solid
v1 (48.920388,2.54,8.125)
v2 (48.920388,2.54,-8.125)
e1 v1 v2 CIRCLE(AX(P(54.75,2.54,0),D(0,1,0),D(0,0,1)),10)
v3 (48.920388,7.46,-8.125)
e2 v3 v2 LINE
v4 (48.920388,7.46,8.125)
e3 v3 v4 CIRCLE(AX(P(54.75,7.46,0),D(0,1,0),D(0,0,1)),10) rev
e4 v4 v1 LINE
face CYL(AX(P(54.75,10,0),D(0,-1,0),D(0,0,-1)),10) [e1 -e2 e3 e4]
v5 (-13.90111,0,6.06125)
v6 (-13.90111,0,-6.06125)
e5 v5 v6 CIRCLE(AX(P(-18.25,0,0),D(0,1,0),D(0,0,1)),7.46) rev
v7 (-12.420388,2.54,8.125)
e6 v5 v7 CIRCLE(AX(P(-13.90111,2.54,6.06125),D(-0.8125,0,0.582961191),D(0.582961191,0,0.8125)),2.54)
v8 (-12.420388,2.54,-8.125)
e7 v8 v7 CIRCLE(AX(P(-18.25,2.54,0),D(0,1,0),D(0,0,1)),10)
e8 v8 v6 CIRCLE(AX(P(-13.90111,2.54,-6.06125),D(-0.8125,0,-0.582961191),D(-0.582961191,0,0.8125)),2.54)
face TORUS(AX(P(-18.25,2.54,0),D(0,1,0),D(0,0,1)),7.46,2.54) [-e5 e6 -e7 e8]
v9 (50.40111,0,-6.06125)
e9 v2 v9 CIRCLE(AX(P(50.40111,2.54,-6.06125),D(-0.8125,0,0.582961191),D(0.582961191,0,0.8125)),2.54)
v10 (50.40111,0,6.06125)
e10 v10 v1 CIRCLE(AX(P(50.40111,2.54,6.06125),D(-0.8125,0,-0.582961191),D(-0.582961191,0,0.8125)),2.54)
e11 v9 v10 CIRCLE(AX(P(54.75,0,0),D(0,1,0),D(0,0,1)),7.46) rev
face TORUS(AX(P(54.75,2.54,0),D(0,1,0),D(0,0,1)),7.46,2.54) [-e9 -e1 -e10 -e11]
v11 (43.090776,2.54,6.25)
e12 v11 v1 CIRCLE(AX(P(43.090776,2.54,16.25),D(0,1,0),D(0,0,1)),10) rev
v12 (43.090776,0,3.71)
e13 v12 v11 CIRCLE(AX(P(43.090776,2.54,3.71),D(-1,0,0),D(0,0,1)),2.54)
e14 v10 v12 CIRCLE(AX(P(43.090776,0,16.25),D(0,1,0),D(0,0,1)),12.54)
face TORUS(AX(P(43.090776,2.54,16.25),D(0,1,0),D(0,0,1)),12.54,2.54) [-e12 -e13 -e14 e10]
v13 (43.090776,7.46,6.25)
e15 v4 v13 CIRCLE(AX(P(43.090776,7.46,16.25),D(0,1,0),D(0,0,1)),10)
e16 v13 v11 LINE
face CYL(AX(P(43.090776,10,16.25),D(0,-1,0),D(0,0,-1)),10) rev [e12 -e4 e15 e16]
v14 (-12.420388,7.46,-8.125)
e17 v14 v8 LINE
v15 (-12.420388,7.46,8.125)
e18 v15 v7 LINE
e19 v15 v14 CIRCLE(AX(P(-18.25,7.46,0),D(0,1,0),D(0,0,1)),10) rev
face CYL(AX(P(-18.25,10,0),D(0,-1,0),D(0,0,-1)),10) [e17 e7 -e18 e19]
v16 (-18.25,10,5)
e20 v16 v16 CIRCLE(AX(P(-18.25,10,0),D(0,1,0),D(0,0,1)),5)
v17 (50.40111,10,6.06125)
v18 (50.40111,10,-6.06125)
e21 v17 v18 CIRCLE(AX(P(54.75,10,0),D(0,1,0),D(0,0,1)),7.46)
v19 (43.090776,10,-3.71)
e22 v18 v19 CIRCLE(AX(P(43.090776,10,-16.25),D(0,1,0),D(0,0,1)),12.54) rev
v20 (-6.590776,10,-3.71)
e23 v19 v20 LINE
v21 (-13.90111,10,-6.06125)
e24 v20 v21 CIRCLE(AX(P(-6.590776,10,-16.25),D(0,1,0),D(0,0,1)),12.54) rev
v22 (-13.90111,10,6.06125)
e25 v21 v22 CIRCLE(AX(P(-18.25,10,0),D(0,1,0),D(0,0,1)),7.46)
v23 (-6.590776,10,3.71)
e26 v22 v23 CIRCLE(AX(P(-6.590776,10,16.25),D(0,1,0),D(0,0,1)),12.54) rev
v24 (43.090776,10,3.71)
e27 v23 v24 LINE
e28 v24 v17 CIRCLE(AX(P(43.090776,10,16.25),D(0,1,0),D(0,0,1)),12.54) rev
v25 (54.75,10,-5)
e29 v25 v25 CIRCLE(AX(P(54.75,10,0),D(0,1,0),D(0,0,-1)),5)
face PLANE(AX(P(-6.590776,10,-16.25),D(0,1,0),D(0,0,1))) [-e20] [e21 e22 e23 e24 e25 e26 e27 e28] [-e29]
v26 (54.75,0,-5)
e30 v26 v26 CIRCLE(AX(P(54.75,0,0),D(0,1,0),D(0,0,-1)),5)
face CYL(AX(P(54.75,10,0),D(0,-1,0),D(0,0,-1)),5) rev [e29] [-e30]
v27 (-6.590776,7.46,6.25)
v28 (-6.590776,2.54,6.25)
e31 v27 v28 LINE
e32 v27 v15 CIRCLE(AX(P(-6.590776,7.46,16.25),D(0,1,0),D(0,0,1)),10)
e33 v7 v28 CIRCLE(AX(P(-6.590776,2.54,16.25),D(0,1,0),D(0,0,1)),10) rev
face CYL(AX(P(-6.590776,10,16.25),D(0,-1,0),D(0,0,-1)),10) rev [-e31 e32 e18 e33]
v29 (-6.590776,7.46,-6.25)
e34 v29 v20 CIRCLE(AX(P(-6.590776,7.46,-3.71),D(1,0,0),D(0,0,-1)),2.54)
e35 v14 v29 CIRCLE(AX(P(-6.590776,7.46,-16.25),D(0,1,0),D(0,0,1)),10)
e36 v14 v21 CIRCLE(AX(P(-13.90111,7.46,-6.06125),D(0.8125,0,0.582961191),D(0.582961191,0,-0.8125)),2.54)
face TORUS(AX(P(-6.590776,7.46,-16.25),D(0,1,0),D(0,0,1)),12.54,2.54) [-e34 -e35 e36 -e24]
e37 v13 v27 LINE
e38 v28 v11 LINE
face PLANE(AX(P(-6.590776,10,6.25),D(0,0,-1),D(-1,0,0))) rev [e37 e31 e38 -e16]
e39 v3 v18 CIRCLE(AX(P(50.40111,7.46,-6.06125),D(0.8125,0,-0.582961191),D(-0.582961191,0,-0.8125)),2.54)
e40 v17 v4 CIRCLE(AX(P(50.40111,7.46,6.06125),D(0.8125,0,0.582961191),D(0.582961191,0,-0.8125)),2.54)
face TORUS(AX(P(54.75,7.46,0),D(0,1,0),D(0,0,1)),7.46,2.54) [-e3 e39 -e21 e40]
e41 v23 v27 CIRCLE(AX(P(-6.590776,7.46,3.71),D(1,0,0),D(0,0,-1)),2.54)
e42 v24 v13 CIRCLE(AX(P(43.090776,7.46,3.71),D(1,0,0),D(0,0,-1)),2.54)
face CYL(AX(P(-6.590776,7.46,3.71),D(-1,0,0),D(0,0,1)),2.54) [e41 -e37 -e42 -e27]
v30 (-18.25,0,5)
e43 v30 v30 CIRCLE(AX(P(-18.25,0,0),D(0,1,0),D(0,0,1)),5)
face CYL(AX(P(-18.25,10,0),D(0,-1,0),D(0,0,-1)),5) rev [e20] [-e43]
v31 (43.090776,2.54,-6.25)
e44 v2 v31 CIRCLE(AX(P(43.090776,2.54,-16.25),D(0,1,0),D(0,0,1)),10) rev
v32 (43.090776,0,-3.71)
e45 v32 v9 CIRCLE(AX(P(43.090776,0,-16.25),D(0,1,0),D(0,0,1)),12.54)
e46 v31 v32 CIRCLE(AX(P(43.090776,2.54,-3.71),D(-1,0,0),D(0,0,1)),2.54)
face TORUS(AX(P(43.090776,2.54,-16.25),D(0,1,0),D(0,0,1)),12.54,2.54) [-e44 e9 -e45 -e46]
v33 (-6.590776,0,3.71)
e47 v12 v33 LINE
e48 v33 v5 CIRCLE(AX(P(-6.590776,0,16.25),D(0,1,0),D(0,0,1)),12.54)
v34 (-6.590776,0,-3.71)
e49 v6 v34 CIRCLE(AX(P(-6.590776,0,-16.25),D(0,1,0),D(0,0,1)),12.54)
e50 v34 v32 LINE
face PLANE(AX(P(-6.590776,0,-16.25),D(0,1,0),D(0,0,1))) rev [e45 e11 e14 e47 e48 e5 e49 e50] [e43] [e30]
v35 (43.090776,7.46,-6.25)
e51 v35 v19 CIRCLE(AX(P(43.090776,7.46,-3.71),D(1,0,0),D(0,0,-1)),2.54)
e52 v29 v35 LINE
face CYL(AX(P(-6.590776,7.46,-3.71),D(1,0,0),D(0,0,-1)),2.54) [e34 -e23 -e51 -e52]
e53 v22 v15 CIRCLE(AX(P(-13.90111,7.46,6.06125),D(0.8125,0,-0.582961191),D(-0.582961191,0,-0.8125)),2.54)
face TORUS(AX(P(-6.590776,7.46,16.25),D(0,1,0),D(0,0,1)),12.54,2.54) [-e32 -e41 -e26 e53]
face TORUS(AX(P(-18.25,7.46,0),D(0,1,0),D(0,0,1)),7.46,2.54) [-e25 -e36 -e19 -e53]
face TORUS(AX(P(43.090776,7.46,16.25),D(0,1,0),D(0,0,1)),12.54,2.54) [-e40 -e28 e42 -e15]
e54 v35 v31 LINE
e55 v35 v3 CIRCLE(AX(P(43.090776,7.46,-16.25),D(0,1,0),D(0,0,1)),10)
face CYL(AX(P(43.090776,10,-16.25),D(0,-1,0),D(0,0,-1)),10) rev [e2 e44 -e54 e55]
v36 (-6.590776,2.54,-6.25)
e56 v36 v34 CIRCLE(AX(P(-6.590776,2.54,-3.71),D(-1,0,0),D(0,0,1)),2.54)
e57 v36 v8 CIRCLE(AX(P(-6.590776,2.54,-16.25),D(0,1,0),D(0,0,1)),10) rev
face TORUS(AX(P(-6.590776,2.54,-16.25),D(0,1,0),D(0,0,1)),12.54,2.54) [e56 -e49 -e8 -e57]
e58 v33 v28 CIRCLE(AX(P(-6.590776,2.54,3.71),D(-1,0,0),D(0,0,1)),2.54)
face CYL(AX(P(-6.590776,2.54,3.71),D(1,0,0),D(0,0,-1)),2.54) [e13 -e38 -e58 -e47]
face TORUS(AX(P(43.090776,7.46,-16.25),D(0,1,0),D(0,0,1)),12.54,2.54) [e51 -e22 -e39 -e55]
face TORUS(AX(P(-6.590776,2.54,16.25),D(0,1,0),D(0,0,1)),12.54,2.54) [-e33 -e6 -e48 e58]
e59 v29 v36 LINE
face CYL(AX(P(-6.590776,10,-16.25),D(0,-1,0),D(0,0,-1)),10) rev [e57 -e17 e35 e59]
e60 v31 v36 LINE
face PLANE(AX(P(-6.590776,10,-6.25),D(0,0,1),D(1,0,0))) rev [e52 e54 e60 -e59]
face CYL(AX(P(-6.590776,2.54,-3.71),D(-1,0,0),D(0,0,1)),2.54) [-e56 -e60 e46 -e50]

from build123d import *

# Parameters (mm, degrees)
SKETCH1_R           = 5
BOSS_EXTRUDE1_DEPTH = 10
FILLET1_R           = 2.54


with BuildPart() as part:
    # Sketch1 → Boss-Extrude1 (new body)
    with BuildSketch(Plane(origin=(0, 0, 0), x_dir=(1, 0, 0), z_dir=(0, 1, 0))):
        with BuildLine():
            Line((-6.590776184, -6.25), (43.090776184, -6.25))
            ThreePointArc((43.090776184, -6.25), (46.152638362, -6.730283618), (48.920388092, -8.125))
            ThreePointArc((48.920388092, -8.125), (64.75, 0), (48.920388092, 8.125))
            ThreePointArc((48.920388092, 8.125), (46.152638362, 6.730283618), (43.090776184, 6.25))
            Line((43.090776184, 6.25), (-6.590776184, 6.25))
            ThreePointArc((-6.590776184, 6.25), (-9.652638362, 6.730283618), (-12.420388092, 8.125))
            ThreePointArc((-12.420388092, 8.125), (-28.25, 0), (-12.420388092, -8.125))
            ThreePointArc((-12.420388092, -8.125), (-9.652638362, -6.730283618), (-6.590776184, -6.25))
        make_face()
        with Locations((-18.25, 0)):
            Circle(SKETCH1_R, mode=Mode.SUBTRACT)
        with Locations((54.75, 0)):
            Circle(SKETCH1_R, mode=Mode.SUBTRACT)
    extrude(amount=BOSS_EXTRUDE1_DEPTH)

    # Fillet1
    fillet1_edges = [part.edges().sort_by_distance(p)[0] for p in [
        (-9.652638362, 10, 6.730283618),
        (-28.25, 0, 0),
        (-9.652638362, 0, -6.730283618),
        (18.25, 10, 6.25),
        (46.152638362, 10, 6.730283618),
        (64.75, 10, 0),
        (46.152638362, 10, -6.730283618),
        (18.25, 10, -6.25),
        (-9.652638362, 10, -6.730283618),
        (-28.25, 10, 0),
        (18.25, 0, -6.25),
        (46.152638362, 0, -6.730283618),
        (64.75, 0, 0),
        (46.152638362, 0, 6.730283618),
        (18.25, 0, 6.25),
        (-9.652638362, 0, 6.730283618),
    ]]
    fillet(fillet1_edges, radius=FILLET1_R)


solid = part.part
